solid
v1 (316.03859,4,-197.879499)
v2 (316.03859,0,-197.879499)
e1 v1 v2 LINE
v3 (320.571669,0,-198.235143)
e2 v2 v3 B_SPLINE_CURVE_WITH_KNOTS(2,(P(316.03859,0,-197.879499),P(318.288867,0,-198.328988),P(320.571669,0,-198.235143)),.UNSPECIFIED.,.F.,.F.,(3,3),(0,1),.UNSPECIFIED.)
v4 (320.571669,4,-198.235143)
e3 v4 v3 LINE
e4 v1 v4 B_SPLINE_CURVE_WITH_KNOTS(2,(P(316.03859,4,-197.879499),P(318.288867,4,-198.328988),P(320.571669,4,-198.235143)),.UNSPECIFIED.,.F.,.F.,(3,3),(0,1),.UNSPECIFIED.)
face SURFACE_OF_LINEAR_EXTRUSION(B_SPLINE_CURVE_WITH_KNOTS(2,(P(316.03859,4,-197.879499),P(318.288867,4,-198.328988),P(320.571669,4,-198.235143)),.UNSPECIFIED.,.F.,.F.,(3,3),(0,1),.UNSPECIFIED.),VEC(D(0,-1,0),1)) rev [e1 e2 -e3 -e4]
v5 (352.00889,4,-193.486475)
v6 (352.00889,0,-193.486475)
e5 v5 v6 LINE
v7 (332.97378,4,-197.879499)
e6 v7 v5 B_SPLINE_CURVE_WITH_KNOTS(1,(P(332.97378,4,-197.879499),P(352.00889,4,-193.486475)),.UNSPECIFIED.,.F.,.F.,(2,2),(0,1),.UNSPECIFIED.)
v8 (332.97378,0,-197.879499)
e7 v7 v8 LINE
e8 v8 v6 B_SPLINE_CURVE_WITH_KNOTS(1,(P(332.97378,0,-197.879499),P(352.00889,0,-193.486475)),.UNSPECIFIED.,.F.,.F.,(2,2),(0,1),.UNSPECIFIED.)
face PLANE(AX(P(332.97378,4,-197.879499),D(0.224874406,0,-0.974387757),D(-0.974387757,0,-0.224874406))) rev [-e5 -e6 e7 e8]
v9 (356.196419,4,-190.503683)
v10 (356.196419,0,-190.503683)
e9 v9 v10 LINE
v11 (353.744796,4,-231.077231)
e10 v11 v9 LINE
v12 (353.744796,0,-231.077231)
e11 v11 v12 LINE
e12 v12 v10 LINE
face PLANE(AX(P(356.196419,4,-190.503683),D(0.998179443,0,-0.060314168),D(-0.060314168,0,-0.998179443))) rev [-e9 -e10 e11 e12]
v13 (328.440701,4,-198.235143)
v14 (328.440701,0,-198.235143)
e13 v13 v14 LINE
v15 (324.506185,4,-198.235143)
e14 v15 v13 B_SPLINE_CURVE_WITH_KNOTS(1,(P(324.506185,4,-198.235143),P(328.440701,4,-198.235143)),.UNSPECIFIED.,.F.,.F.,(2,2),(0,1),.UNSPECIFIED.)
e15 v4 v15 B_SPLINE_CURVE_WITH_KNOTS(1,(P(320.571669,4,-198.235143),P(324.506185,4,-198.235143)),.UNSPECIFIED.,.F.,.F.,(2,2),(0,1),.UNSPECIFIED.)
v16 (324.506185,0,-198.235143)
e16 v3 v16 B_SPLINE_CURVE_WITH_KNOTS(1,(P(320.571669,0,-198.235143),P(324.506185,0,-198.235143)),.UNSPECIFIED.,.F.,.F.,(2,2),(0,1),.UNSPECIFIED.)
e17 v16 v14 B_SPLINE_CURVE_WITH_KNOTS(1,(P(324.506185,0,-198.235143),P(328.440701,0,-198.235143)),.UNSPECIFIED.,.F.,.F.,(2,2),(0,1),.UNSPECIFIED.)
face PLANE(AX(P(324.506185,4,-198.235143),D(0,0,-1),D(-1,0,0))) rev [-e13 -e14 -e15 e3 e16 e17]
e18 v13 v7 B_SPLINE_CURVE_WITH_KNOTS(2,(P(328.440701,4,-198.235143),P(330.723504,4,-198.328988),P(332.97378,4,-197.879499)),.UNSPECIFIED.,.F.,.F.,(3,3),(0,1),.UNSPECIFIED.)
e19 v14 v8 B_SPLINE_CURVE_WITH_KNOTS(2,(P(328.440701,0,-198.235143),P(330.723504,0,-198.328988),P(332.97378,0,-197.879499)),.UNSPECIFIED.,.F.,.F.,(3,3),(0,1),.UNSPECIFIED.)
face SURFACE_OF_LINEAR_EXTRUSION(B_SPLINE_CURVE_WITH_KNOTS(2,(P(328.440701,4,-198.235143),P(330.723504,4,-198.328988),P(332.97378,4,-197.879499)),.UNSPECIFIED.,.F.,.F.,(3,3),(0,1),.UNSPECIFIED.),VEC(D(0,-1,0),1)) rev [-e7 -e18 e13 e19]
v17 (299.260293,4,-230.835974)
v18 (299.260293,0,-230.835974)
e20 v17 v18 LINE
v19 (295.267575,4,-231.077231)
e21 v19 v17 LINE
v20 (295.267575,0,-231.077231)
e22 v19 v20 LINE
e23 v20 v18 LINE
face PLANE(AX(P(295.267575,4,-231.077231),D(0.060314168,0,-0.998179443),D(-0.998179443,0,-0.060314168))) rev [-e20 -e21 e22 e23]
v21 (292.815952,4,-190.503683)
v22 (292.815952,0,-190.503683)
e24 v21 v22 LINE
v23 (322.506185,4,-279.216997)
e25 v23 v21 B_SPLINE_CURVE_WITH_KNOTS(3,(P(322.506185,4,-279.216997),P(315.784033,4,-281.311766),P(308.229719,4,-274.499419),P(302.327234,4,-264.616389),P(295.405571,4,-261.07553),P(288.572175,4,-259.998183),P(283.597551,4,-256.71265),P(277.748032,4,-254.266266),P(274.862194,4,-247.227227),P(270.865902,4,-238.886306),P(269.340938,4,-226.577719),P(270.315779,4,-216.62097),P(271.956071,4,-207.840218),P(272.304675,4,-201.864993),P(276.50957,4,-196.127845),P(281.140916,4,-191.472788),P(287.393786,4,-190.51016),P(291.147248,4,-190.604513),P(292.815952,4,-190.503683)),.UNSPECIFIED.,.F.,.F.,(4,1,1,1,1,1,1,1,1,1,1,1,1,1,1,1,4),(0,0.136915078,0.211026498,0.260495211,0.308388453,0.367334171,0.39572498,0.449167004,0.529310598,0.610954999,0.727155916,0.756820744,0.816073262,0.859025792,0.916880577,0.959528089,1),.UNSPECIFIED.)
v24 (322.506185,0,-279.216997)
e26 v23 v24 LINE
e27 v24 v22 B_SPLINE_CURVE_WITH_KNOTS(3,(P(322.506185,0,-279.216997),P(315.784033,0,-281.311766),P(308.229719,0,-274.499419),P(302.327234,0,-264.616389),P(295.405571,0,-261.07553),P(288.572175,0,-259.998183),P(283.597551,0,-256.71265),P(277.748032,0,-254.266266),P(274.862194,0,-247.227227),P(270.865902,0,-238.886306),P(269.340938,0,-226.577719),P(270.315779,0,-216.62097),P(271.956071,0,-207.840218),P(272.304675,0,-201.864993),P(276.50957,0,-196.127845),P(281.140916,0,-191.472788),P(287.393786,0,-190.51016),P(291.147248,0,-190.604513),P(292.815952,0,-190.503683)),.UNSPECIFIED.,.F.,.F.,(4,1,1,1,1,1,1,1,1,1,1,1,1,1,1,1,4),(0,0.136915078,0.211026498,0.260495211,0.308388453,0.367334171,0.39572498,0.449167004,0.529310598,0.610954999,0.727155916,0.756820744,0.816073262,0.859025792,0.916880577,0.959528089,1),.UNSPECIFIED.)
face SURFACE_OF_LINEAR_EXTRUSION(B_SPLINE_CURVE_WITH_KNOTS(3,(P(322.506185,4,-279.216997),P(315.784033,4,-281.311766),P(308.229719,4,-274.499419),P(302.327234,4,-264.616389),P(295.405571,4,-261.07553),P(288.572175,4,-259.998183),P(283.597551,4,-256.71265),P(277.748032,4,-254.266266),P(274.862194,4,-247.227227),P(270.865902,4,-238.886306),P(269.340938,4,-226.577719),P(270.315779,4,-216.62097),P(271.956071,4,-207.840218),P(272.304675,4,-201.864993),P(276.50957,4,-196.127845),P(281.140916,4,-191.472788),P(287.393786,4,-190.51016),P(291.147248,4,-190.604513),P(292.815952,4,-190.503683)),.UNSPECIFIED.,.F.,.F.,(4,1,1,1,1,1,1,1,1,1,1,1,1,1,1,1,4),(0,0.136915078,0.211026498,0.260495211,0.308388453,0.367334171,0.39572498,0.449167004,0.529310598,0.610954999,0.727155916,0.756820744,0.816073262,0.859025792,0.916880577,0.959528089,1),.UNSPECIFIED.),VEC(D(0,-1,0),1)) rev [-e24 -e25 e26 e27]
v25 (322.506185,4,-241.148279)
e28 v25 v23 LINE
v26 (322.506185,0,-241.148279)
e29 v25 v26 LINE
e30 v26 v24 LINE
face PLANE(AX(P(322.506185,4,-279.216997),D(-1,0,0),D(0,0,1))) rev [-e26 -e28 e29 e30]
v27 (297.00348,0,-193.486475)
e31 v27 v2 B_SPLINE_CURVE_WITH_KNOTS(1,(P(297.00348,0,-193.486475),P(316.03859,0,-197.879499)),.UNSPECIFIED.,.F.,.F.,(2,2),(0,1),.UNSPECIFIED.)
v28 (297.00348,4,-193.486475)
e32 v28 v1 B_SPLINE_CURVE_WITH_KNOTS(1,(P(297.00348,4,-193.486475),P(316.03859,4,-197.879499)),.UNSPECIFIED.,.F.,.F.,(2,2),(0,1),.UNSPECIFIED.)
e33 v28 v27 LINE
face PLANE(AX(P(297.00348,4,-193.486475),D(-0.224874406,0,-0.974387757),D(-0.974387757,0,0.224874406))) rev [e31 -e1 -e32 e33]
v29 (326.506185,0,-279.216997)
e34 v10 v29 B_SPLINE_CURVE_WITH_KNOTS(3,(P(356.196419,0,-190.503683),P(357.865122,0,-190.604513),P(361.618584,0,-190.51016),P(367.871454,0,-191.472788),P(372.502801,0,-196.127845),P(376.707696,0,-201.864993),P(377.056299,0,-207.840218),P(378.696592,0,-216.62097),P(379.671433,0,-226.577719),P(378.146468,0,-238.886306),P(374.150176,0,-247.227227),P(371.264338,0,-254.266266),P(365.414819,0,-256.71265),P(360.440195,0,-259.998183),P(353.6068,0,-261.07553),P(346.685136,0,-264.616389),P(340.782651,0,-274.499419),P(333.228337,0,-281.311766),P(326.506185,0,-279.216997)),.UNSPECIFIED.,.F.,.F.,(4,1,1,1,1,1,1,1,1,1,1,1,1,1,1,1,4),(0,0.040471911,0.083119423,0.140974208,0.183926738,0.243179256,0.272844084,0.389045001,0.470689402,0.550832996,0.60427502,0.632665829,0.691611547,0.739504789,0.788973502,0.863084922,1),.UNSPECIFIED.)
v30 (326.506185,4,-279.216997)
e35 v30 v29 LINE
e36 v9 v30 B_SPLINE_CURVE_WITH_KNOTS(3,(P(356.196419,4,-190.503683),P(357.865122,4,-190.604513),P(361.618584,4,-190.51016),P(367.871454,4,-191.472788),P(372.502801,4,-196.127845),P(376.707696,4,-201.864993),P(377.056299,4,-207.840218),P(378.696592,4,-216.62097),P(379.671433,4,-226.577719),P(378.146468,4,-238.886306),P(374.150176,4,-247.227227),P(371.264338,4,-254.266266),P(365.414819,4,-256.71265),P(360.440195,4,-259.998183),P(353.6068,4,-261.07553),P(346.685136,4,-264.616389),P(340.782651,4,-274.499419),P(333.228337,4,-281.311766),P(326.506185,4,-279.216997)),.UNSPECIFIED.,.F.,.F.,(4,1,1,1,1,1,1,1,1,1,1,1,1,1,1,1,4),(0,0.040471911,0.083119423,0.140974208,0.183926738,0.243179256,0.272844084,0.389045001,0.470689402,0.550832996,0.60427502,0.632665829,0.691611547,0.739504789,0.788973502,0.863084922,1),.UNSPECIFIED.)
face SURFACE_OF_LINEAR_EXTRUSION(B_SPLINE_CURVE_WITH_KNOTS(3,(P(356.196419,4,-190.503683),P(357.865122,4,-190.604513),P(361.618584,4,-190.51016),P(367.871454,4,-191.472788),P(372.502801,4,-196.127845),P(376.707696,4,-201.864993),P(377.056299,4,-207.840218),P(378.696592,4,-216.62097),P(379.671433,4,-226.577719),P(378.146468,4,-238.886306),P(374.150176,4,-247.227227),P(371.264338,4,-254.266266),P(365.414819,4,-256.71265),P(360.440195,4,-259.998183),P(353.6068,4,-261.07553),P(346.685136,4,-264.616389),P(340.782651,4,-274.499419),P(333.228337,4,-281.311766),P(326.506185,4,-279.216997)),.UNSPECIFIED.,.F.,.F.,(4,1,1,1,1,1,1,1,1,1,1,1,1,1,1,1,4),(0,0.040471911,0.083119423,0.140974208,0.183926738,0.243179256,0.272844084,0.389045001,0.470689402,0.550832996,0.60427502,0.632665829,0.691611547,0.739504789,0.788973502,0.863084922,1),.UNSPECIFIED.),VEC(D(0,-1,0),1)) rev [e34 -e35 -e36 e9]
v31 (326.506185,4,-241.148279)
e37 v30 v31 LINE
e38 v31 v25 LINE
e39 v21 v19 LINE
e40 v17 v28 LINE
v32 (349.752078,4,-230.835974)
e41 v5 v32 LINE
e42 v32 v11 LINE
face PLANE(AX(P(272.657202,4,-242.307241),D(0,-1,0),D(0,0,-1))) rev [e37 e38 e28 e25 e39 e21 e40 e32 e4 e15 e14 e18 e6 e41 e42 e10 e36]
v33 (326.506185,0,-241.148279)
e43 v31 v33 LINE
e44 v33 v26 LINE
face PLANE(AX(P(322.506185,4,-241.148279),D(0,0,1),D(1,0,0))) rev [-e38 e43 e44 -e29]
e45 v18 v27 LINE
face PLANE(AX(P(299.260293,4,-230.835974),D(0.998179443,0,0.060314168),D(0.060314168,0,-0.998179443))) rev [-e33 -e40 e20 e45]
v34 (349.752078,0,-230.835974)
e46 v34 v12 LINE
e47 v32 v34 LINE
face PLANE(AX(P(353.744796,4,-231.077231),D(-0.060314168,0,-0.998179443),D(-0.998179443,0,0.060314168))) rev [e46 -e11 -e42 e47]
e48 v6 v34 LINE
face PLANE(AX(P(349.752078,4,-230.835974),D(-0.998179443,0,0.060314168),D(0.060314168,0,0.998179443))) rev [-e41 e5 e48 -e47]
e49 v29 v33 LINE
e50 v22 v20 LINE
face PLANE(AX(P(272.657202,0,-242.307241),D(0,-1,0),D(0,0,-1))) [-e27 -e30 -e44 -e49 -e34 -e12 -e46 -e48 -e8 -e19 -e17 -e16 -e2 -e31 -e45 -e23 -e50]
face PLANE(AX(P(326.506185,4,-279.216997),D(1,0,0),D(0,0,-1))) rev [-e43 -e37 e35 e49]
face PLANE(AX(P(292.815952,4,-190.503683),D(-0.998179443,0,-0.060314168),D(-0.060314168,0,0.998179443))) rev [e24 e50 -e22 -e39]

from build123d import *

# Parameters (mm, degrees)
EXTRUDE_1_DEPTH = 4


with BuildPart() as part:
    # Эскиз1 → Бобышка-Вытянуть1 (new body)
    with BuildSketch(Plane(origin=(0, 0, 0), x_dir=(1, 0, 0), z_dir=(0, 1, 0))):
        with BuildLine():
            Line((322.506185164, 279.216996549), (322.506185164, 241.148279103))
            Line((322.506185164, 241.148279103), (326.506185164, 241.148279103))
            Line((326.506185164, 241.148279103), (326.506185164, 279.216996549))
            add(Edge.make_bspline(
                [(326.506185164, 279.216996549), (333.228337001, 281.311766086), (340.78265111, 274.499419386), (346.685136371, 264.616389153), (353.60679963, 261.075530259), (360.44019493, 259.998183265), (365.414819015, 256.712650418), (371.264337857, 254.266266236), (374.150175863, 247.227227303), (378.146468371, 238.886306312), (379.671432599, 226.577719389), (378.696591797, 216.620970327), (377.0562995, 207.840217504), (376.707695621, 201.864992605), (372.502800727, 196.127844551), (367.871454499, 191.472787985), (361.618584455, 190.510159582), (357.86512227, 190.604513312), (356.196418644, 190.503683274)],
                knots=[0, 0, 0, 0, 0.136915078, 0.211026498, 0.260495211, 0.308388453, 0.367334171, 0.39572498, 0.449167004, 0.529310598, 0.610954999, 0.727155916, 0.756820744, 0.816073262, 0.859025792, 0.916880577, 0.959528089, 1, 1, 1, 1], degree=3))
            Line((356.196418644, 190.503683274), (353.744795566, 231.077230675))
            Line((353.744795566, 231.077230675), (349.752077793, 230.835974003))
            Line((349.752077793, 230.835974003), (352.008890416, 193.486474909))
            Line((352.008890416, 193.486474909), (332.973780039, 197.87949925))
            add(Edge.make_bspline(
                [(332.973780039, 197.87949925), (330.723503611, 198.328988408), (328.44070128, 198.235143432)],
                knots=[0, 0, 0, 1, 1, 1], degree=2))
            Line((328.44070128, 198.235143432), (324.506185164, 198.235143432))
            Line((324.506185164, 198.235143432), (320.571669047, 198.235143432))
            add(Edge.make_bspline(
                [(316.038590288, 197.87949925), (318.288866716, 198.328988408), (320.571669047, 198.235143432)],
                knots=[0, 0, 0, 1, 1, 1], degree=2))
            Line((316.038590288, 197.87949925), (297.003479911, 193.486474909))
            Line((297.003479911, 193.486474909), (299.260292534, 230.835974003))
            Line((299.260292534, 230.835974003), (295.267574761, 231.077230675))
            Line((295.267574761, 231.077230675), (292.815951683, 190.503683274))
            add(Edge.make_bspline(
                [(322.506185164, 279.216996549), (315.784033326, 281.311766086), (308.229719217, 274.499419386), (302.327233956, 264.616389153), (295.405570697, 261.075530259), (288.572175397, 259.998183265), (283.597551312, 256.712650418), (277.74803247, 254.266266236), (274.862194464, 247.227227303), (270.865901956, 238.886306312), (269.340937728, 226.577719389), (270.31577853, 216.620970327), (271.956070827, 207.840217504), (272.304674706, 201.864992605), (276.5095696, 196.127844551), (281.140915828, 191.472787985), (287.393785872, 190.510159582), (291.147248057, 190.604513312), (292.815951683, 190.503683274)],
                knots=[0, 0, 0, 0, 0.136915078, 0.211026498, 0.260495211, 0.308388453, 0.367334171, 0.39572498, 0.449167004, 0.529310598, 0.610954999, 0.727155916, 0.756820744, 0.816073262, 0.859025792, 0.916880577, 0.959528089, 1, 1, 1, 1], degree=3))
        make_face()
    extrude(amount=EXTRUDE_1_DEPTH)


solid = part.part
